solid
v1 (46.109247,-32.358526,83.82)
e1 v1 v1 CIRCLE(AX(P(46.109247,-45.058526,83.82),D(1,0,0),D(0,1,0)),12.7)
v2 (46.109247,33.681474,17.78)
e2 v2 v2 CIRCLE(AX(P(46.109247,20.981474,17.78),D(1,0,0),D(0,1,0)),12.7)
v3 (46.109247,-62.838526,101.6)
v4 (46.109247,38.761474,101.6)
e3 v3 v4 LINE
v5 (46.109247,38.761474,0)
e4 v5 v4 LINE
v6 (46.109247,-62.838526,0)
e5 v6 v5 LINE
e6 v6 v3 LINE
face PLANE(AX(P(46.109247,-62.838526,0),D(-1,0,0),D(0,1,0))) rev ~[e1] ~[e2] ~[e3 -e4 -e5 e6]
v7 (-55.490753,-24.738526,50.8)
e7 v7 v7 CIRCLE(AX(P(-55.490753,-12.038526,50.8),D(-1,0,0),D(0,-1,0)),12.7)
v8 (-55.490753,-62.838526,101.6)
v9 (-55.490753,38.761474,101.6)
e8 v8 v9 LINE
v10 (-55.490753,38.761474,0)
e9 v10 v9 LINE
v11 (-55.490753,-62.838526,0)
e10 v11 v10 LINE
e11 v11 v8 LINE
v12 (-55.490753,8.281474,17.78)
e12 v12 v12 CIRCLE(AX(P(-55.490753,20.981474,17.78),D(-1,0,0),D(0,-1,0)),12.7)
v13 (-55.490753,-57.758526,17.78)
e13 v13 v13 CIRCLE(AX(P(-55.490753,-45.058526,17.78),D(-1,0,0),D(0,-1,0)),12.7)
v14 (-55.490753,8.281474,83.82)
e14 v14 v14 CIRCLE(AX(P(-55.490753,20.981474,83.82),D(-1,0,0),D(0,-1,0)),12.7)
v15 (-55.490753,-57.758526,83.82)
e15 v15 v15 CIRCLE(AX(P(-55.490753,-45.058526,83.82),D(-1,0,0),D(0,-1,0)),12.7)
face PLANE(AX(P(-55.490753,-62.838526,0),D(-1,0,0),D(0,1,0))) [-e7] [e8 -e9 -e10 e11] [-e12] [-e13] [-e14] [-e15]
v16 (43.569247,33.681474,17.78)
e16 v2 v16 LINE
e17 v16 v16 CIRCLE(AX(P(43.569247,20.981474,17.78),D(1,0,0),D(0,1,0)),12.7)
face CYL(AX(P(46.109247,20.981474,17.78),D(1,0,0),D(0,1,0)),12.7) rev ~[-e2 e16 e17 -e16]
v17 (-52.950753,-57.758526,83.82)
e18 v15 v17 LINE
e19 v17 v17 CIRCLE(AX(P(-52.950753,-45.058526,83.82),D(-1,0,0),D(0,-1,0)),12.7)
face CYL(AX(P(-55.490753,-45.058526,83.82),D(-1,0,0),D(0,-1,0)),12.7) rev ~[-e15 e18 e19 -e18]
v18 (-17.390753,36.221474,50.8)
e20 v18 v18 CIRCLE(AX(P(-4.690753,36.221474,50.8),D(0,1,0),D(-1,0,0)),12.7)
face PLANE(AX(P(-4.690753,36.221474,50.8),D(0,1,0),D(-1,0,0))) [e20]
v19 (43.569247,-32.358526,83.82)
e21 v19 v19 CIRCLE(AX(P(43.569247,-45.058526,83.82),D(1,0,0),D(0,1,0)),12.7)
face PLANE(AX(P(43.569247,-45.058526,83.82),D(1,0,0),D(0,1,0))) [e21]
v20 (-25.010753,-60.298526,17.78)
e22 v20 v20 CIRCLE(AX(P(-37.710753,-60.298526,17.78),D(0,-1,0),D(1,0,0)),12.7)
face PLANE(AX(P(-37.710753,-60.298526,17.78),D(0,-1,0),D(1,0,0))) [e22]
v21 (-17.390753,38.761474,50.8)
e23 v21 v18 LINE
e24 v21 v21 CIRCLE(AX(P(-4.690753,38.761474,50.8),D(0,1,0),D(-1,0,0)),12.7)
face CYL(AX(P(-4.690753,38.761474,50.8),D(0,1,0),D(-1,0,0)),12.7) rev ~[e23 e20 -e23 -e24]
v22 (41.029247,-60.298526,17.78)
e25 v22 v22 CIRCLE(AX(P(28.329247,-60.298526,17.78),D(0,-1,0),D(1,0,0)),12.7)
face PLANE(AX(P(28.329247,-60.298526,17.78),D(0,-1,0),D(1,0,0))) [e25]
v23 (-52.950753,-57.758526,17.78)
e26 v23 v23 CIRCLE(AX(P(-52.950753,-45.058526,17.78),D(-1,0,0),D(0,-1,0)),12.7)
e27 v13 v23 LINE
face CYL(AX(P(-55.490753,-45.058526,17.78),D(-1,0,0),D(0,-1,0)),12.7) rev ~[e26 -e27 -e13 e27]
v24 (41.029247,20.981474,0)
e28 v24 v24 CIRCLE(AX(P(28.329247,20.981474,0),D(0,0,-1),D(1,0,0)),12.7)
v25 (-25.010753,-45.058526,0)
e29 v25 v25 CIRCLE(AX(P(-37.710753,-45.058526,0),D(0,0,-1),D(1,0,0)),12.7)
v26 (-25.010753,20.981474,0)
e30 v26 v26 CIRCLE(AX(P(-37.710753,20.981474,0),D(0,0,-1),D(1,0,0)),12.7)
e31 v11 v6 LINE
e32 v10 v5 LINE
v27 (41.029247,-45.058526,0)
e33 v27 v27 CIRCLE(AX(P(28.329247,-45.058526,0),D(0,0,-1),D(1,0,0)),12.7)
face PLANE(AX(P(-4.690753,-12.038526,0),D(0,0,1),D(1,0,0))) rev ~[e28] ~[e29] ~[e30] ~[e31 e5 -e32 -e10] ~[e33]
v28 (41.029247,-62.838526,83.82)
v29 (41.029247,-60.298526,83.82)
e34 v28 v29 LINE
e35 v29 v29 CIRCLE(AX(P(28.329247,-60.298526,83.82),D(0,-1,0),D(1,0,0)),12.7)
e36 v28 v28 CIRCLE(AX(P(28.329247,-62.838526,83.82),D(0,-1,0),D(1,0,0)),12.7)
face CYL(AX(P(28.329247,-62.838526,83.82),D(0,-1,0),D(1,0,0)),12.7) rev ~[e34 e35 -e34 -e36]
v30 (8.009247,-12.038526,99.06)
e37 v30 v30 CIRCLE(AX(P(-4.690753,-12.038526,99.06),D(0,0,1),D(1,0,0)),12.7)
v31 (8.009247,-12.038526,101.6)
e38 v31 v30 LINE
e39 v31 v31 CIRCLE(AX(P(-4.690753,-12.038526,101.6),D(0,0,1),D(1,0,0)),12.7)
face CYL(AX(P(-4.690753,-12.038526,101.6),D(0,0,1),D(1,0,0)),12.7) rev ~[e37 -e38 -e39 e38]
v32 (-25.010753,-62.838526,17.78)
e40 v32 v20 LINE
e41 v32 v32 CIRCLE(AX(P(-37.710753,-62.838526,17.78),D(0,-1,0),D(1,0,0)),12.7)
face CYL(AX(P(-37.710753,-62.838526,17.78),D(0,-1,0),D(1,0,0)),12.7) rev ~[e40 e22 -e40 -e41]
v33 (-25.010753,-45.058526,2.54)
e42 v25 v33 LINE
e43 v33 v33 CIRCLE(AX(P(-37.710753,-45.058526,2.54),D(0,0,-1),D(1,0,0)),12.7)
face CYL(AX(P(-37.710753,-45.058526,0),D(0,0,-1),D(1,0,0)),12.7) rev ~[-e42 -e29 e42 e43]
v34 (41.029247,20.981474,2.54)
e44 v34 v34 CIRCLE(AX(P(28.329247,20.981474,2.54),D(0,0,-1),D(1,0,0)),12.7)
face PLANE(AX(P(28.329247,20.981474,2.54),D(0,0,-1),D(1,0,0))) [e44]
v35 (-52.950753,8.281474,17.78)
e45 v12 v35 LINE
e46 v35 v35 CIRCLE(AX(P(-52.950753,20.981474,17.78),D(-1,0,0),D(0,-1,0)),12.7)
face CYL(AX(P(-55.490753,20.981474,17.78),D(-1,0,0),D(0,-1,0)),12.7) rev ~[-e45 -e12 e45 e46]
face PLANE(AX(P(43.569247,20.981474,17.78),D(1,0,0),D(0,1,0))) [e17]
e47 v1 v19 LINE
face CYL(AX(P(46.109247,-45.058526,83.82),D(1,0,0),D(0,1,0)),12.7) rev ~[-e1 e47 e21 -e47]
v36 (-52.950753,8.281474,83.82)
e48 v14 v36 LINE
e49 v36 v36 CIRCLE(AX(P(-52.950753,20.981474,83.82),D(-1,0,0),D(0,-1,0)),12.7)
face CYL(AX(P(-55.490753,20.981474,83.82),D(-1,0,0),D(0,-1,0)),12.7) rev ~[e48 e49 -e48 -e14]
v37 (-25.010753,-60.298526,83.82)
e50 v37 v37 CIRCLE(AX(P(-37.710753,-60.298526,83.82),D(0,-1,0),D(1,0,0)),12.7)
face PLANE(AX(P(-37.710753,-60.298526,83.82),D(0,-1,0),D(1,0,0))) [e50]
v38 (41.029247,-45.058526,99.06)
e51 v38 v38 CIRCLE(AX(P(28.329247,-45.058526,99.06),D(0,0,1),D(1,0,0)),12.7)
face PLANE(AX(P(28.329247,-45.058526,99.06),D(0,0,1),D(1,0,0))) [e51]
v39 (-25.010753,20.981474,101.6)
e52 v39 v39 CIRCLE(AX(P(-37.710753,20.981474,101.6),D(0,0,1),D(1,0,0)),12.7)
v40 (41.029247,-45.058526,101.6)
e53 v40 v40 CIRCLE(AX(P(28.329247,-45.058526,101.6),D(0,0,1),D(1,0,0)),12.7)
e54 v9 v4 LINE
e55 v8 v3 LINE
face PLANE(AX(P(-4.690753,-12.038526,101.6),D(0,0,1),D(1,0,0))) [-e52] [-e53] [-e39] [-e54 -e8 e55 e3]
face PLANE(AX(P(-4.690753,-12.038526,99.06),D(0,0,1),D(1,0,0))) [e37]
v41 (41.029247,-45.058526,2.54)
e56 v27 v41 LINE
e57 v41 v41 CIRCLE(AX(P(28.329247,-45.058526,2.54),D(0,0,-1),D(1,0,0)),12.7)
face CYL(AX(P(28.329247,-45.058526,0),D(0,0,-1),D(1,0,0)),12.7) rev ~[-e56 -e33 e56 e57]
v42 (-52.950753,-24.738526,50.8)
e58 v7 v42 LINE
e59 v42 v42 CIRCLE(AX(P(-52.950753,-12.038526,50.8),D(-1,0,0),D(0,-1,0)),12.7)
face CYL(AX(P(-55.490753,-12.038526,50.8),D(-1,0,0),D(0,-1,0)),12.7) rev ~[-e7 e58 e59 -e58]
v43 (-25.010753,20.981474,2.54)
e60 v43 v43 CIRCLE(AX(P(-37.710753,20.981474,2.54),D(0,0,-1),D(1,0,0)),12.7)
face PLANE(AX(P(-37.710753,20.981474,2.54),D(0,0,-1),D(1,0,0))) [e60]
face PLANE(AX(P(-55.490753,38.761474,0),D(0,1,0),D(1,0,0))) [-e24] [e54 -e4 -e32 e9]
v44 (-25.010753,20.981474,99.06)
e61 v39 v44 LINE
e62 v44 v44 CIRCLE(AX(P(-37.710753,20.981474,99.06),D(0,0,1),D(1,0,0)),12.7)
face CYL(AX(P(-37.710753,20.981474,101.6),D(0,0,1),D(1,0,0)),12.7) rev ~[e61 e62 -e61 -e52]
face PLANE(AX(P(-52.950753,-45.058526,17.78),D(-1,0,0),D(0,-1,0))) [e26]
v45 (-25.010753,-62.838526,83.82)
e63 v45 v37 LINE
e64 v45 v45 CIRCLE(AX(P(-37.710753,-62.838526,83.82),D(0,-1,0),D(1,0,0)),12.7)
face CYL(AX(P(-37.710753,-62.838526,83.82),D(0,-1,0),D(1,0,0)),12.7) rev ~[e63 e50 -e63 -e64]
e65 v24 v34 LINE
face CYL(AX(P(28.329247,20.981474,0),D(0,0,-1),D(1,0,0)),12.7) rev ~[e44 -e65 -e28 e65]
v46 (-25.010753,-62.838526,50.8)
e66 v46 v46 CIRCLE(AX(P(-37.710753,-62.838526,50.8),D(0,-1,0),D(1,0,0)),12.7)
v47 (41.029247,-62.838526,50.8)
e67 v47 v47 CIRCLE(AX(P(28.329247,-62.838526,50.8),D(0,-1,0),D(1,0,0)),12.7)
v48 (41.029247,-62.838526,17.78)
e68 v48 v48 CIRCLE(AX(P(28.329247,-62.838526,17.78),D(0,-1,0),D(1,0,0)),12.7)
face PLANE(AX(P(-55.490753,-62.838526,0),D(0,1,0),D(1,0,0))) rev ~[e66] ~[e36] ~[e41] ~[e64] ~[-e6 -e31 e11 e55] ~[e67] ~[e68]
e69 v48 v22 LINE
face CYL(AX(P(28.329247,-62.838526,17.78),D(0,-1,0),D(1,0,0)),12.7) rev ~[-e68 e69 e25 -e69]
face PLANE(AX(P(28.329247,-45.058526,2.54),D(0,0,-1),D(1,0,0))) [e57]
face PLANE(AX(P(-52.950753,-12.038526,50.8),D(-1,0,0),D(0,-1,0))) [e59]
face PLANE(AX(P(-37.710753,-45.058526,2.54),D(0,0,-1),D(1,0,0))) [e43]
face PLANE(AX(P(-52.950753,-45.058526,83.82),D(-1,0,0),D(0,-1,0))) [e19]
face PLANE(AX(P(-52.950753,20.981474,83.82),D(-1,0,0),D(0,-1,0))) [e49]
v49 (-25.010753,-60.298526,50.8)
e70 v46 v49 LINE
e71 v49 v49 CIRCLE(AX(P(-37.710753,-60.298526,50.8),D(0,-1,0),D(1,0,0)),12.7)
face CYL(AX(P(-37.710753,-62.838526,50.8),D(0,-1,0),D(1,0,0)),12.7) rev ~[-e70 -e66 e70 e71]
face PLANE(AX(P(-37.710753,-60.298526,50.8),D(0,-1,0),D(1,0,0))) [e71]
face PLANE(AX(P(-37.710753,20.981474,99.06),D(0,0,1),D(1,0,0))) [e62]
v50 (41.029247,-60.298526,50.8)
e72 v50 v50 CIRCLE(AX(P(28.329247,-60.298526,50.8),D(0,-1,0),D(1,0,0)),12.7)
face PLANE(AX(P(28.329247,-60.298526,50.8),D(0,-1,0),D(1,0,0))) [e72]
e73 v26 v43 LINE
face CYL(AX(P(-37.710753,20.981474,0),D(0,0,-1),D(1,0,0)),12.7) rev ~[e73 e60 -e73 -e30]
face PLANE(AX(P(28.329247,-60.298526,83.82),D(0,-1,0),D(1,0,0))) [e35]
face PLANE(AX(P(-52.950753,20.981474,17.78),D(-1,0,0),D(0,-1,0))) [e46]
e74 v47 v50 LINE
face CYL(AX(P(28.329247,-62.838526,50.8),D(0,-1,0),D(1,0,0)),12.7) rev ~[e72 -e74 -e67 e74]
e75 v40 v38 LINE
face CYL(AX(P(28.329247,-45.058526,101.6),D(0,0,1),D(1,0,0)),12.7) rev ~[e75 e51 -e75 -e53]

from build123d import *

# Parameters (mm, degrees)
F0_W      = 101.6
F0_H      = 101.6
F1_DEPTH  = 101.6
F2_R      = 12.7
F3_DEPTH  = 2.54
F4_R      = 12.7
F5_DEPTH  = 2.54
F6_R      = 12.7
F7_DEPTH  = 2.54
F8_R      = 12.7
F9_DEPTH  = 2.54
F10_R     = 12.7
F11_DEPTH = 2.54
F12_R     = 12.7
F13_DEPTH = 2.54


with BuildPart() as f1:
    # F0 (on Top) → F1 (new body)
    with BuildSketch(Plane.XY):
        with Locations((-4.690753, -12.038526)):
            Rectangle(F0_W, F0_H)
    extrude(amount=F1_DEPTH)

    # F2 (on face) → F3 (cut)
    with BuildSketch(Plane.XZ.offset(62.838526)):
        with Locations((-37.710753, 17.78)):
            Circle(F2_R)
        with Locations((-37.710753, 50.8)):
            Circle(F2_R)
        with Locations((-37.710753, 83.82)):
            Circle(F2_R)
        with Locations((28.329247, 17.78)):
            Circle(F2_R)
        with Locations((28.329247, 50.8)):
            Circle(F2_R)
        with Locations((28.329247, 83.82)):
            Circle(F2_R)
    extrude(amount=-F3_DEPTH, mode=Mode.SUBTRACT)

    # F4 (on face) → F5 (cut)
    with BuildSketch(Plane(origin=(0, 38.761474, 0), x_dir=(-1, 0, 0), z_dir=(0, 1, 0))):
        with Locations((4.690753, 50.8)):
            Circle(F4_R)
    extrude(amount=-F5_DEPTH, mode=Mode.SUBTRACT)

    # F6 (on face) → F7 (cut)
    with BuildSketch(Plane(origin=(-55.490753, 0, 0), x_dir=(0, -1, 0), z_dir=(-1, 0, 0))):
        with Locations((-20.981474, 83.82)):
            Circle(F6_R)
        with Locations((12.038526, 50.8)):
            Circle(F6_R)
        with Locations((-20.981474, 17.78)):
            Circle(F6_R)
        with Locations((45.058526, 83.82)):
            Circle(F6_R)
        with Locations((45.058526, 17.78)):
            Circle(F6_R)
    extrude(amount=-F7_DEPTH, mode=Mode.SUBTRACT)

    # F8 (on face) → F9 (cut)
    with BuildSketch(Plane.YZ.offset(46.109247)):
        with Locations((-45.058526, 83.82)):
            Circle(F8_R)
        with Locations((20.981474, 17.78)):
            Circle(F8_R)
    extrude(amount=-F9_DEPTH, mode=Mode.SUBTRACT)

    # F10 (on face) → F11 (cut)
    with BuildSketch(Plane.XY.offset(101.6)):
        with Locations((-37.710753, 20.981474)):
            Circle(F10_R)
        with Locations((-4.690753, -12.038526)):
            Circle(F10_R)
        with Locations((28.329247, -45.058526)):
            Circle(F10_R)
    extrude(amount=-F11_DEPTH, mode=Mode.SUBTRACT)

    # F12 (on face) → F13 (cut)
    with BuildSketch(Plane(origin=(0, 0, 0), x_dir=(1, 0, 0), z_dir=(0, 0, -1))):
        with Locations((-37.710753, 45.058526)):
            Circle(F12_R)
        with Locations((-37.710753, -20.981474)):
            Circle(F12_R)
        with Locations((28.329247, 45.058526)):
            Circle(F12_R)
        with Locations((28.329247, -20.981474)):
            Circle(F12_R)
    extrude(amount=-F13_DEPTH, mode=Mode.SUBTRACT)


solid = f1.part
